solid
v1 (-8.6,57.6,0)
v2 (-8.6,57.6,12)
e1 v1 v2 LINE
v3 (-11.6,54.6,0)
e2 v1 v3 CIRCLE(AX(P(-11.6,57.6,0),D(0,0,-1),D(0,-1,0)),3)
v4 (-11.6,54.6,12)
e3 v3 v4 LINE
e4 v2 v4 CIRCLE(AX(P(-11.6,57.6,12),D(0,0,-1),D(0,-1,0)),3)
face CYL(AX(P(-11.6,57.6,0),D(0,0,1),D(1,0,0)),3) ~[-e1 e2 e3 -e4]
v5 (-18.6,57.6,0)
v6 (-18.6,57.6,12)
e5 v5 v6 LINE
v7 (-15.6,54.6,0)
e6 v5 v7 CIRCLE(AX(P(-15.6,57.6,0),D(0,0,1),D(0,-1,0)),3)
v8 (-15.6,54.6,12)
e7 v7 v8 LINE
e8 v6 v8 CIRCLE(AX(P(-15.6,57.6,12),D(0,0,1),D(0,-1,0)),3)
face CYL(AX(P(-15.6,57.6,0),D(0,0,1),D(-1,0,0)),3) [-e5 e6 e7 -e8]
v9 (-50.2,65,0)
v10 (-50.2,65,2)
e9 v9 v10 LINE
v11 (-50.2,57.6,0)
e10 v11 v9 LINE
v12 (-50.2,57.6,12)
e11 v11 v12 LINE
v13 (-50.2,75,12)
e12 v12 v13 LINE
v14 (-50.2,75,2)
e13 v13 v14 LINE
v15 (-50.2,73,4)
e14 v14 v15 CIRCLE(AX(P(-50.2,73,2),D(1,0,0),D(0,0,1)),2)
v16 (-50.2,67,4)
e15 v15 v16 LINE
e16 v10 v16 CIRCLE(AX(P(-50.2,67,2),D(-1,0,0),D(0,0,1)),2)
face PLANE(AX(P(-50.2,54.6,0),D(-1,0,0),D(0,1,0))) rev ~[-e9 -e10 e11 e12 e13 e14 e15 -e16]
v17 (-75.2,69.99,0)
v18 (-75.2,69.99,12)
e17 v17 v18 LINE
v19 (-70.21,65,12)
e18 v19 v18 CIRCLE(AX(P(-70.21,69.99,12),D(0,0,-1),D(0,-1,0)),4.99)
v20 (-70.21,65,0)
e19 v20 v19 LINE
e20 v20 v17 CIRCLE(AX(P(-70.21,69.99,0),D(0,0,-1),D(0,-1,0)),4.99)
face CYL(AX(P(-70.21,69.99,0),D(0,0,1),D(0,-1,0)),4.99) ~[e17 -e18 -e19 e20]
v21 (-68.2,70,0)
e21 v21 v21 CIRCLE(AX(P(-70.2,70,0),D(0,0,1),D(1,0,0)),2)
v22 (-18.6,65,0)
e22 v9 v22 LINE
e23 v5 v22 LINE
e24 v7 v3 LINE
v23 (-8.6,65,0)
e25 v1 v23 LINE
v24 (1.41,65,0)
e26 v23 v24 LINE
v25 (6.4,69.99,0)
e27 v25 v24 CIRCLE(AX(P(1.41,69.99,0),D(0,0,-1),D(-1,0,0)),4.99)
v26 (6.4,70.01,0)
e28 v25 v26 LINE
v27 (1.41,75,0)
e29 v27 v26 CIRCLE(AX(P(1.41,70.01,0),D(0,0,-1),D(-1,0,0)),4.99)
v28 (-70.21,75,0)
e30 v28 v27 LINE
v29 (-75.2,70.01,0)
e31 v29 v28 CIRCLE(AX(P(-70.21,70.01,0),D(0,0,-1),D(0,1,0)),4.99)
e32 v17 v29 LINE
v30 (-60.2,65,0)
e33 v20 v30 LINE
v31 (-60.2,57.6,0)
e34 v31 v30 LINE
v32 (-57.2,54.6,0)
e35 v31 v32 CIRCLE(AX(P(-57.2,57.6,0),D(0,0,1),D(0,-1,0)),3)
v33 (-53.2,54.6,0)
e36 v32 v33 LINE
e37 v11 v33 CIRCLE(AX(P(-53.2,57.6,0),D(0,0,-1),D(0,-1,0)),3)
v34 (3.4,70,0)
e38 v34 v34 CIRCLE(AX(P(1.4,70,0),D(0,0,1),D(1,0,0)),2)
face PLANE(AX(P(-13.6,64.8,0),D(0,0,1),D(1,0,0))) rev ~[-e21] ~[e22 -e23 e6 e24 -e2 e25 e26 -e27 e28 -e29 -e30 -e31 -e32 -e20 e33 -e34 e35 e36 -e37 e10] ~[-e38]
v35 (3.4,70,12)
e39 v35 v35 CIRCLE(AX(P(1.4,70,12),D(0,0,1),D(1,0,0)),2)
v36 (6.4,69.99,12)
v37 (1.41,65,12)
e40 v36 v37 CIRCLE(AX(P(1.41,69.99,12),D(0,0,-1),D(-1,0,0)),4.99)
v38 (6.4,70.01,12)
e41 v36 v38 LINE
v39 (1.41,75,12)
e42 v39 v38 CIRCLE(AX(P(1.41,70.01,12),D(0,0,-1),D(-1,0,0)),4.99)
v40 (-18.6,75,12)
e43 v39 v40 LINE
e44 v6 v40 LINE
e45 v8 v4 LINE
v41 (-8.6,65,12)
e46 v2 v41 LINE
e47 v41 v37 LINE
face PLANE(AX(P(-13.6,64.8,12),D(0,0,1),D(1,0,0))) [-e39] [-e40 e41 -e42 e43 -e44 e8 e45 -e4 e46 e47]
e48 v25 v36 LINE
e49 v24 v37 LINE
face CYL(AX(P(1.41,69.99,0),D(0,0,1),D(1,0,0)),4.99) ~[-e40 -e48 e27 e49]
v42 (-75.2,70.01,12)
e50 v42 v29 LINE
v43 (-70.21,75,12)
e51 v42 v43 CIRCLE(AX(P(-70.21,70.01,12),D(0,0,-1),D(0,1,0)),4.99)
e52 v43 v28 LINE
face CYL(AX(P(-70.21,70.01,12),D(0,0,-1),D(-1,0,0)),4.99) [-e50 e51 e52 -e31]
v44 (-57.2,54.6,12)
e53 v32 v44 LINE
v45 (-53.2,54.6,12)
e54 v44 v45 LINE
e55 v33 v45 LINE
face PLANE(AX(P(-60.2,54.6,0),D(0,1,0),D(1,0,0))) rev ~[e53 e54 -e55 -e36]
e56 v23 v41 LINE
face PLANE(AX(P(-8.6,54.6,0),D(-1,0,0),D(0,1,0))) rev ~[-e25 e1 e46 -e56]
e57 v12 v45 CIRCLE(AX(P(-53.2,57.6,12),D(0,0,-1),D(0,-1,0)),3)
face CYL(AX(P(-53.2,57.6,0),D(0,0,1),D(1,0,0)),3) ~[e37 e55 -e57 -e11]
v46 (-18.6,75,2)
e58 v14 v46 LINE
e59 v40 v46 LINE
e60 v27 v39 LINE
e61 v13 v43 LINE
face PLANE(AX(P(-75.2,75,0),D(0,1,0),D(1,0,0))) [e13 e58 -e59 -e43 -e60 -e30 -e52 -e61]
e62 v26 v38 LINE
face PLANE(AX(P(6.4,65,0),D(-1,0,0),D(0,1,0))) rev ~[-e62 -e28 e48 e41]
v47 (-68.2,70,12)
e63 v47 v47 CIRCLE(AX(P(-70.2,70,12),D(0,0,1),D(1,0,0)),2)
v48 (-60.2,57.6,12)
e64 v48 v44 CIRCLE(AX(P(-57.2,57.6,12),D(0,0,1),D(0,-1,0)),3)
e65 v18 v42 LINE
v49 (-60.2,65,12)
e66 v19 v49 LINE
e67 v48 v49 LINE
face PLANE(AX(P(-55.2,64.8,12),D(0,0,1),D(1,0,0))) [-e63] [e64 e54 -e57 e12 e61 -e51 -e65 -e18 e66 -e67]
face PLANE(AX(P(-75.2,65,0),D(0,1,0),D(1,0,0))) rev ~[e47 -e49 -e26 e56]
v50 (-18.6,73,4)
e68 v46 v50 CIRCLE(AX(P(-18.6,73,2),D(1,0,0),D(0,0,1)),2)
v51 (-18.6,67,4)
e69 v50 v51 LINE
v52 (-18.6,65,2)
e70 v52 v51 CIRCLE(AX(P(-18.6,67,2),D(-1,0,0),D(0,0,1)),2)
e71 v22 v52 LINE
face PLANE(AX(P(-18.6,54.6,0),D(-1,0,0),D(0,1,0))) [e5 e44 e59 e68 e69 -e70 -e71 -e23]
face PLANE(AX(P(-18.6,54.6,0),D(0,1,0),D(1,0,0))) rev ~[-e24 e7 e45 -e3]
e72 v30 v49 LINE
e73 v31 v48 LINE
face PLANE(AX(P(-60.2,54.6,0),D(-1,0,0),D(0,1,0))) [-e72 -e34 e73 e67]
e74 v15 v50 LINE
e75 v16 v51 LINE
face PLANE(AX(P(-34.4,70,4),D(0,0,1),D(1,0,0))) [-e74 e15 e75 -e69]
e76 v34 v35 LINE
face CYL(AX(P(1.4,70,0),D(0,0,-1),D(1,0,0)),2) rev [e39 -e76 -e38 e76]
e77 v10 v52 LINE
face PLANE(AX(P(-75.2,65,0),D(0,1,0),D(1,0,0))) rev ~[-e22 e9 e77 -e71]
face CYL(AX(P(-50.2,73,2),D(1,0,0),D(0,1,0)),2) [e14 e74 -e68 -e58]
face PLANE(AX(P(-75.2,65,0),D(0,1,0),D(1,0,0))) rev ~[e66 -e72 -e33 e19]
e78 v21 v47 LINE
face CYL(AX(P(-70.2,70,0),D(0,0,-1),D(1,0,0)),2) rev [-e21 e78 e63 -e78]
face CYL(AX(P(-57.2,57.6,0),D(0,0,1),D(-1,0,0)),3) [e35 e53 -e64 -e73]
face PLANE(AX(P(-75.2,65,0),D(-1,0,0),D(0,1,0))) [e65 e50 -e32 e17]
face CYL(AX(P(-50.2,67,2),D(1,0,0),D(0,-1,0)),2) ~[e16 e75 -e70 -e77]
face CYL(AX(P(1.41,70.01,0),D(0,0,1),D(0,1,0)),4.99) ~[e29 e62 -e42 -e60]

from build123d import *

# Parameters (mm, degrees)
CYLINDER264_R     = 2
CYLINDER264_DEPTH = 12
CYLINDER265_R     = 2
CYLINDER265_DEPTH = 12
BOX423_W          = 25
BOX423_H          = 10
BOX423_DEPTH      = 12
BOX424_W          = 25
BOX424_H          = 10
BOX424_DEPTH      = 12
BOX425_W          = 10
BOX425_H          = 20.4
BOX425_DEPTH      = 12
BOX426_W          = 10
BOX426_H          = 20.4
BOX426_DEPTH      = 12
BOX422_W          = 81.6
BOX422_H          = 10
BOX422_DEPTH      = 4
FILLET010_R       = 4.99
FILLET011_R       = 4.99
FILLET012_R       = 3
FILLET013_R       = 2


with BuildPart() as cylinder264:
    # Cylinder264 → Cylinder264 (new body)
    with BuildSketch(Plane(origin=(1.4, 70, 0), x_dir=(1, 0, 0), z_dir=(0, 0, 1))):
        Circle(CYLINDER264_R)
    extrude(amount=CYLINDER264_DEPTH)


with BuildPart() as fusion270:
    # Cylinder265 → Cylinder265 (new body)
    with BuildSketch(Plane(origin=(-70.2, 70, 0), x_dir=(1, 0, 0), z_dir=(0, 0, 1))):
        Circle(CYLINDER265_R)
    extrude(amount=CYLINDER265_DEPTH)

    # Fusion270: union Cylinder264
    add(cylinder264.part)


with BuildPart() as box423:
    # Box423 → Box423 (new body)
    with BuildSketch(Plane(origin=(-75.2, 65, 0), x_dir=(1, 0, 0), z_dir=(0, 0, 1))):
        with Locations((12.5, 5)):
            Rectangle(BOX423_W, BOX423_H)
    extrude(amount=BOX423_DEPTH)


with BuildPart() as box424:
    # Box424 → Box424 (new body)
    with BuildSketch(Plane(origin=(-18.6, 65, 0), x_dir=(1, 0, 0), z_dir=(0, 0, 1))):
        with Locations((12.5, 5)):
            Rectangle(BOX424_W, BOX424_H)
    extrude(amount=BOX424_DEPTH)


with BuildPart() as box425:
    # Box425 → Box425 (new body)
    with BuildSketch(Plane(origin=(-60.2, 54.6, 0), x_dir=(1, 0, 0), z_dir=(0, 0, 1))):
        with Locations((5, 10.2)):
            Rectangle(BOX425_W, BOX425_H)
    extrude(amount=BOX425_DEPTH)


with BuildPart() as box426:
    # Box426 → Box426 (new body)
    with BuildSketch(Plane(origin=(-18.6, 54.6, 0), x_dir=(1, 0, 0), z_dir=(0, 0, 1))):
        with Locations((5, 10.2)):
            Rectangle(BOX426_W, BOX426_H)
    extrude(amount=BOX426_DEPTH)


with BuildPart() as cut414:
    # Box422 → Box422 (new body)
    with BuildSketch(Plane(origin=(-75.2, 65, 0), x_dir=(1, 0, 0), z_dir=(0, 0, 1))):
        with Locations((40.8, 5)):
            Rectangle(BOX422_W, BOX422_H)
    extrude(amount=BOX422_DEPTH)

    # Fusion269: union Box423, Box424, Box425, Box426
    add(box423.part)
    add(box424.part)
    add(box425.part)
    add(box426.part)

    # Fillet010
    fillet010_edges = [cut414.edges().sort_by_distance(p)[0] for p in [
        (-75.2, 65, 8),
        (-75.2, 75, 8),
    ]]
    fillet(fillet010_edges, radius=FILLET010_R)

    # Fillet011
    fillet011_edges = [cut414.edges().sort_by_distance(p)[0] for p in [
        (6.4, 75, 8),
        (6.4, 65, 8),
    ]]
    fillet(fillet011_edges, radius=FILLET011_R)

    # Fillet012
    fillet012_edges = [cut414.edges().sort_by_distance(p)[0] for p in [
        (-8.6, 54.6, 6),
        (-18.6, 54.6, 6),
        (-50.2, 54.6, 6),
        (-60.2, 54.6, 6),
    ]]
    fillet(fillet012_edges, radius=FILLET012_R)

    # Fillet013
    fillet013_edges = [cut414.edges().sort_by_distance(p)[0] for p in [
        (-34.4, 65, 4),
        (-34.4, 75, 4),
    ]]
    fillet(fillet013_edges, radius=FILLET013_R)

    # Cut414: cut Fusion270
    add(fusion270.part, mode=Mode.SUBTRACT)


solid = cut414.part
